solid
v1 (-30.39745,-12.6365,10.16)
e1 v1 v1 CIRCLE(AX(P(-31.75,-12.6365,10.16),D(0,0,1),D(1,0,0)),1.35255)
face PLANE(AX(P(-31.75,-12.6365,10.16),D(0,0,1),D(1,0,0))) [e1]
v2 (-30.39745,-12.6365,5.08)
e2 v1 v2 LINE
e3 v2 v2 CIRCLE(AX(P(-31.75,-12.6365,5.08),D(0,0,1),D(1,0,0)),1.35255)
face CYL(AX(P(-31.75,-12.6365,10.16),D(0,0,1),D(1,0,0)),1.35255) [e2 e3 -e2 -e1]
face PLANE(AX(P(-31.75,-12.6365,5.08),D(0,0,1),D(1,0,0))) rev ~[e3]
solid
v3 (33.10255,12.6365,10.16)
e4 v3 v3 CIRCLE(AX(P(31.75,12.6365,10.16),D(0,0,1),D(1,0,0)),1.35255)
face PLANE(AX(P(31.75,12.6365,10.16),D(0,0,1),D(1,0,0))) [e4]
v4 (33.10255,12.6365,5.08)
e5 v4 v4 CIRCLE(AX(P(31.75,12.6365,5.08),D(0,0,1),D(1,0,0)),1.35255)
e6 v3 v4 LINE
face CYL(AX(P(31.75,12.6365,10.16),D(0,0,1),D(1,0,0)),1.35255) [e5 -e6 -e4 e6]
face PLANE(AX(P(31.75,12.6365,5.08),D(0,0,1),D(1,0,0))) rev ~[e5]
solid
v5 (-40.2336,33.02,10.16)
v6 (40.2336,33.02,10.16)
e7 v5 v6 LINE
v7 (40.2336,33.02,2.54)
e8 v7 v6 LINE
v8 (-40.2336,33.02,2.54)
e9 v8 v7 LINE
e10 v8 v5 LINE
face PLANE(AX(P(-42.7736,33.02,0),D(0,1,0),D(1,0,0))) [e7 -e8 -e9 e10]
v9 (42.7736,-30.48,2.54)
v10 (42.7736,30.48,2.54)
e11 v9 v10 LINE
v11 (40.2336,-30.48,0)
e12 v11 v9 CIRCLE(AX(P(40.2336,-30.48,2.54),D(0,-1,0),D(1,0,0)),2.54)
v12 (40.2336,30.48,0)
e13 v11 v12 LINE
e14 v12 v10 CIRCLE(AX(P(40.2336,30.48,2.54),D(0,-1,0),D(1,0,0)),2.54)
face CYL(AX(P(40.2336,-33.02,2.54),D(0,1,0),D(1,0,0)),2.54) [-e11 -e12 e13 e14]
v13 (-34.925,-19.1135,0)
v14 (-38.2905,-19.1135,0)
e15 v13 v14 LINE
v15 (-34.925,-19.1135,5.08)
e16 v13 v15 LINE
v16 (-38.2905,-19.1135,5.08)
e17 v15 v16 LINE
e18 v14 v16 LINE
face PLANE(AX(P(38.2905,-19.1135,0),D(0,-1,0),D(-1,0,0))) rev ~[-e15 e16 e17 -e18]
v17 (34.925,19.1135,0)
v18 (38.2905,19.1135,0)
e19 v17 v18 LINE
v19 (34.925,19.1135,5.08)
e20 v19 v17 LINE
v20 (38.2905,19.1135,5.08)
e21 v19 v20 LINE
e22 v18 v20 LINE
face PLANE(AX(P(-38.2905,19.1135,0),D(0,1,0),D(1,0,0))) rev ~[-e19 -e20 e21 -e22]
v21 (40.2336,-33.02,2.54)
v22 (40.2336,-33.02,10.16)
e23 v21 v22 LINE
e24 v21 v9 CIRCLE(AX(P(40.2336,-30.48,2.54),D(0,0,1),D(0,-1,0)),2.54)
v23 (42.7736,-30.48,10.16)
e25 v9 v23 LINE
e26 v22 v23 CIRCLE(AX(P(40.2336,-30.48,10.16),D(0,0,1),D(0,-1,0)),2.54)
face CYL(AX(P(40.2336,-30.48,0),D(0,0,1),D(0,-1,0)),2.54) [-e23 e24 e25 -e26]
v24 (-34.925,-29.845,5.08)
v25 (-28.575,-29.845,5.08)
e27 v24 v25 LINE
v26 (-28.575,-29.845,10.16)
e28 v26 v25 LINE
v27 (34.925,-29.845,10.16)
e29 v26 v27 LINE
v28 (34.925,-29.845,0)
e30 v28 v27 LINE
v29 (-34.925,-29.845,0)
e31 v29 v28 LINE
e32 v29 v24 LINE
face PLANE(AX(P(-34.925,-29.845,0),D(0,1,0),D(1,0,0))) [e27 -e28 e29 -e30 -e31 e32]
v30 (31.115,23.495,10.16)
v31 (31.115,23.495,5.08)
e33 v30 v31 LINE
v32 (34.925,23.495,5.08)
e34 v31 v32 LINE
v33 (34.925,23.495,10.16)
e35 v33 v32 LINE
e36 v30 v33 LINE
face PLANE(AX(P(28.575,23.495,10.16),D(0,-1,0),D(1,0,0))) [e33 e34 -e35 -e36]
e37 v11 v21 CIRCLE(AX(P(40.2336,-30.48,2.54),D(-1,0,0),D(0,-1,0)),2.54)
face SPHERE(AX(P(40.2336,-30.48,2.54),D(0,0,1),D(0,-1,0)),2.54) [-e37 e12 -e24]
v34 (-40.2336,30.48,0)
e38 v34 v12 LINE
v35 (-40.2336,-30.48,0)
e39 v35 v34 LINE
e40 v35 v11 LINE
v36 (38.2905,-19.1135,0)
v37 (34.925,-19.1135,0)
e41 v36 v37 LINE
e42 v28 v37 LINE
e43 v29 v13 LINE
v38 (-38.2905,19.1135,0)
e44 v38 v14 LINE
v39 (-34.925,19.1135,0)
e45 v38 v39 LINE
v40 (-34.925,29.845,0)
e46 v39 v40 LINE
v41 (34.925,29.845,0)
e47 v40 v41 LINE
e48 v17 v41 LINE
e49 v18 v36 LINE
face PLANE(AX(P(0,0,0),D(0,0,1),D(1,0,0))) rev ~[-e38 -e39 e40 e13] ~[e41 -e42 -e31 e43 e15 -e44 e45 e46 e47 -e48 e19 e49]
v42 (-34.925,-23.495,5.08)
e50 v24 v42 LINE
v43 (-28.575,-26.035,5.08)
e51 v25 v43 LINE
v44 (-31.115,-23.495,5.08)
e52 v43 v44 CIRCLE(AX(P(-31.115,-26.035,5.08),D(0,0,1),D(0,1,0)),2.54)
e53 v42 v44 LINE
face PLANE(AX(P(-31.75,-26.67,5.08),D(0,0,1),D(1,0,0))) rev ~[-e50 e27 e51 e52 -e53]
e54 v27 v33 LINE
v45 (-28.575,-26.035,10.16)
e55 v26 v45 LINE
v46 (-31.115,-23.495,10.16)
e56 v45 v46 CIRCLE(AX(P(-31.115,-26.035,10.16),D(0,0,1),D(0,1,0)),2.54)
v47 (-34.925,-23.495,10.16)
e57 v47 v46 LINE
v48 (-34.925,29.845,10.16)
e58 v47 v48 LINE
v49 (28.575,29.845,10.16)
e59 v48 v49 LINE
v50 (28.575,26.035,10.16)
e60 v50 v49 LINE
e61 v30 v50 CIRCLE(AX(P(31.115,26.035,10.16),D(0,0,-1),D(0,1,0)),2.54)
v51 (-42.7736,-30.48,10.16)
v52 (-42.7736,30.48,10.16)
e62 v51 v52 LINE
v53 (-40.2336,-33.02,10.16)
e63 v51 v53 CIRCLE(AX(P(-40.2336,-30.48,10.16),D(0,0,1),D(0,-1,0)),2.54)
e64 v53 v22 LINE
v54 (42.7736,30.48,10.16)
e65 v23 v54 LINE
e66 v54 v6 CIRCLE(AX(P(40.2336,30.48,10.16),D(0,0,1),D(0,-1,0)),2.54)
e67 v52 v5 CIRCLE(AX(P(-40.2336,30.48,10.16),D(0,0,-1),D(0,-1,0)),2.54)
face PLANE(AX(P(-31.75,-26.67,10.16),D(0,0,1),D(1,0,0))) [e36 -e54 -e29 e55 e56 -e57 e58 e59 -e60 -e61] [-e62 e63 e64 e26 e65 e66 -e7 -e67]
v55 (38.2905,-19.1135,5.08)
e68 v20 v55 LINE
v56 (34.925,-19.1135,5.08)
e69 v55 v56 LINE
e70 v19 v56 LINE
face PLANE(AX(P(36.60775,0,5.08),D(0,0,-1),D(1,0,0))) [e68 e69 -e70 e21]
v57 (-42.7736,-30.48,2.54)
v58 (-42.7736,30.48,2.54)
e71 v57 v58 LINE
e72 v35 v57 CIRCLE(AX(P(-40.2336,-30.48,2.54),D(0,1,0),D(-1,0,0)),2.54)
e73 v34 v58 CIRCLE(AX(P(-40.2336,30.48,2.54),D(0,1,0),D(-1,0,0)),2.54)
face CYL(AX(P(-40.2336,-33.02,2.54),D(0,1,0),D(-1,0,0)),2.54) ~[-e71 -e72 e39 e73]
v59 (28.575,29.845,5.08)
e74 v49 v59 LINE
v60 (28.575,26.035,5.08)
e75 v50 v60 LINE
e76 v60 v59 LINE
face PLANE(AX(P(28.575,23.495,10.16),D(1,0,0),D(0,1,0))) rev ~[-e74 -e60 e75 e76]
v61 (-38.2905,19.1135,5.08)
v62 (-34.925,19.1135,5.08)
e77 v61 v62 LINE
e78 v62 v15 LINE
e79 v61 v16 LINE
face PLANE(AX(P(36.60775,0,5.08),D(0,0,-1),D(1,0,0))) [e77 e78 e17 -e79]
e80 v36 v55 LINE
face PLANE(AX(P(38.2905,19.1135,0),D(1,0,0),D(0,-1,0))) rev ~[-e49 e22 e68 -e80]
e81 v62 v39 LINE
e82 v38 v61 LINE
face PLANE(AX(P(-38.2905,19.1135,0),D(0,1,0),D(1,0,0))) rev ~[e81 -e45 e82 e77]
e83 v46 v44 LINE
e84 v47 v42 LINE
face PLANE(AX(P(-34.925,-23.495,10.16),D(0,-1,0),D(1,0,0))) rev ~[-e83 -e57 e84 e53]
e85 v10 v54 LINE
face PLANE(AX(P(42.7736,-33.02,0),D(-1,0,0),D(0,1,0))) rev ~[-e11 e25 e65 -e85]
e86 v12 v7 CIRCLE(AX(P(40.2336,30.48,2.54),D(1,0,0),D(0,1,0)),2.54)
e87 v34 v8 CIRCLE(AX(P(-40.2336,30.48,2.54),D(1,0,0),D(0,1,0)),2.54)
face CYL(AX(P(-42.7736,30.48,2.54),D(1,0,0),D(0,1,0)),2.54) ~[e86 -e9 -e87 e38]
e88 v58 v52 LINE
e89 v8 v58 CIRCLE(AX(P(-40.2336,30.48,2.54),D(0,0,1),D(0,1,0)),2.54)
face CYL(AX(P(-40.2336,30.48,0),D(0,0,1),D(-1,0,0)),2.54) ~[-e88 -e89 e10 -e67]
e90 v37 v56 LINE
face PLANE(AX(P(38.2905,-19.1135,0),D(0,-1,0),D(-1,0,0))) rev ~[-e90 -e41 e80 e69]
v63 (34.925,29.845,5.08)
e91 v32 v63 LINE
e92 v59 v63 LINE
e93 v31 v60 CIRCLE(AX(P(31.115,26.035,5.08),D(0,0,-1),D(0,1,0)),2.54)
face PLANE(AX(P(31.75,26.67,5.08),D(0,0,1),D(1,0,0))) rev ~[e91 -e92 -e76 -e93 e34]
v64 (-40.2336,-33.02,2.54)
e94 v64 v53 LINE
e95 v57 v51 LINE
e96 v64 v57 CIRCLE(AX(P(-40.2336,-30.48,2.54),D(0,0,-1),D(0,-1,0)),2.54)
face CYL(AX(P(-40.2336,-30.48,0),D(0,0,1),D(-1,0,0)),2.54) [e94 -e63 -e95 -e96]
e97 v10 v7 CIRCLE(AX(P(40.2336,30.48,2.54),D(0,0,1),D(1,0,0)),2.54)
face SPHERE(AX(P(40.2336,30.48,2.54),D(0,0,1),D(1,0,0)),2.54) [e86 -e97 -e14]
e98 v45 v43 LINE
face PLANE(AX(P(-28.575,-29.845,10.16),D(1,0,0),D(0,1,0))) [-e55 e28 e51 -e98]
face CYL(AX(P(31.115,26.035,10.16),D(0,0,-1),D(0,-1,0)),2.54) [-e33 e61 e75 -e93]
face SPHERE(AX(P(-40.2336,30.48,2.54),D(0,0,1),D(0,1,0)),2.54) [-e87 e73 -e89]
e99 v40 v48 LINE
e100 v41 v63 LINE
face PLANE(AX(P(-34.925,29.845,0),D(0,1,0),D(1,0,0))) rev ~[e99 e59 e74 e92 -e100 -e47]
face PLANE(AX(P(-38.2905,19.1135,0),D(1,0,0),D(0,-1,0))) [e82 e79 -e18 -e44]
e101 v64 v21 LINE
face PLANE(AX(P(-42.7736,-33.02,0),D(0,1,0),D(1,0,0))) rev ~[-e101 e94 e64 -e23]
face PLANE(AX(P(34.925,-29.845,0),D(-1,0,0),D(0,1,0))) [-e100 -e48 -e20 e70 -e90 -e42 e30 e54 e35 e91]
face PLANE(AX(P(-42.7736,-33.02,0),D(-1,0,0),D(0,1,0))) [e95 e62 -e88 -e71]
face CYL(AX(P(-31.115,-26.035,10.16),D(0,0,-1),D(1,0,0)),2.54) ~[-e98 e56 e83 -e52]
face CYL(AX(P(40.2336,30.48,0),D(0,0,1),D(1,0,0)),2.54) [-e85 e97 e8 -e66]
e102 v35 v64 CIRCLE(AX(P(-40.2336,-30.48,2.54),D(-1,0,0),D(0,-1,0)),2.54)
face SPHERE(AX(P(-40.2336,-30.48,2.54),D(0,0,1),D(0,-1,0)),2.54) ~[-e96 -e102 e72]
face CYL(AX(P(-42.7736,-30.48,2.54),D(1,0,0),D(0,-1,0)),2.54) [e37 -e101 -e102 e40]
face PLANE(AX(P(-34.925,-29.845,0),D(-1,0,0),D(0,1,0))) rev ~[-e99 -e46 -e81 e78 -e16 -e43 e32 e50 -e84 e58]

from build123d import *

# Parameters (mm, degrees)
F0_W     = 85.5472
F0_H     = 66.04
F0_W_2   = 69.85
F0_H_2   = 59.69
F1_DEPTH = 10.16
F2_W     = 6.35
F2_H     = 6.35
F3_DEPTH = 5.08
F2_R     = 1.35255
F4_R     = 2.54
F5_W     = 3.3655
F5_H     = 38.227
F5_W_2   = 69.85
F6_DEPTH = 5.08
F7_R     = 2.54


with BuildPart() as f1:
    # F0 (on Top) → F1 (new body)
    with BuildSketch(Plane.XY):
        Rectangle(F0_W, F0_H)
        Rectangle(F0_W_2, F0_H_2, mode=Mode.SUBTRACT)
    extrude(amount=F1_DEPTH)

    # F2 (on face) → F3 (join)
    with BuildSketch(Plane.XY.offset(10.16)):
        with Locations((-31.75, -26.67)):
            Rectangle(F2_W, F2_H)
        with Locations((31.75, 26.67)):
            Rectangle(F2_W, F2_H)
    extrude(amount=-F3_DEPTH)

    # F4
    f4_edges = [f1.edges().sort_by_distance(p)[0] for p in [
        (28.575, 23.495, 7.62),
        (-28.575, -23.495, 7.62),
    ]]
    fillet(f4_edges, radius=F4_R)

    # F5 (on face) → F6 (cut)
    with BuildSketch(Plane(origin=(0, 0, 0), x_dir=(1, 0, 0), z_dir=(0, 0, -1))):
        with Locations((36.60775, 0)):
            Rectangle(F5_W, F5_H)
        Rectangle(F5_W_2, F5_H)
        with Locations((-36.60775, 0)):
            Rectangle(F5_W, F5_H)
    extrude(amount=-F6_DEPTH, mode=Mode.SUBTRACT)

    # F7
    f7_edges = [f1.edges().sort_by_distance(p)[0] for p in [
        (42.7736, -33.02, 5.08),
        (42.7736, 33.02, 5.08),
        (-42.7736, -33.02, 5.08),
        (-42.7736, 33.02, 5.08),
        (0, -33.02, 0),
        (42.7736, 0, 0),
        (0, 33.02, 0),
        (-42.7736, 0, 0),
    ]]
    fillet(f7_edges, radius=F7_R)


with BuildPart() as f3:
    # F2 (on face) → F3, piece 2 (new body)
    with BuildSketch(Plane.XY.offset(10.16)):
        with Locations((-31.75, -12.6365)):
            Circle(F2_R)
    extrude(amount=-F3_DEPTH)


with BuildPart() as f3b:
    # F2 (on face) → F3, piece 3 (new body)
    with BuildSketch(Plane.XY.offset(10.16)):
        with Locations((31.75, 12.6365)):
            Circle(F2_R)
    extrude(amount=-F3_DEPTH)


solid = Compound([f1.part, f3.part, f3b.part])
